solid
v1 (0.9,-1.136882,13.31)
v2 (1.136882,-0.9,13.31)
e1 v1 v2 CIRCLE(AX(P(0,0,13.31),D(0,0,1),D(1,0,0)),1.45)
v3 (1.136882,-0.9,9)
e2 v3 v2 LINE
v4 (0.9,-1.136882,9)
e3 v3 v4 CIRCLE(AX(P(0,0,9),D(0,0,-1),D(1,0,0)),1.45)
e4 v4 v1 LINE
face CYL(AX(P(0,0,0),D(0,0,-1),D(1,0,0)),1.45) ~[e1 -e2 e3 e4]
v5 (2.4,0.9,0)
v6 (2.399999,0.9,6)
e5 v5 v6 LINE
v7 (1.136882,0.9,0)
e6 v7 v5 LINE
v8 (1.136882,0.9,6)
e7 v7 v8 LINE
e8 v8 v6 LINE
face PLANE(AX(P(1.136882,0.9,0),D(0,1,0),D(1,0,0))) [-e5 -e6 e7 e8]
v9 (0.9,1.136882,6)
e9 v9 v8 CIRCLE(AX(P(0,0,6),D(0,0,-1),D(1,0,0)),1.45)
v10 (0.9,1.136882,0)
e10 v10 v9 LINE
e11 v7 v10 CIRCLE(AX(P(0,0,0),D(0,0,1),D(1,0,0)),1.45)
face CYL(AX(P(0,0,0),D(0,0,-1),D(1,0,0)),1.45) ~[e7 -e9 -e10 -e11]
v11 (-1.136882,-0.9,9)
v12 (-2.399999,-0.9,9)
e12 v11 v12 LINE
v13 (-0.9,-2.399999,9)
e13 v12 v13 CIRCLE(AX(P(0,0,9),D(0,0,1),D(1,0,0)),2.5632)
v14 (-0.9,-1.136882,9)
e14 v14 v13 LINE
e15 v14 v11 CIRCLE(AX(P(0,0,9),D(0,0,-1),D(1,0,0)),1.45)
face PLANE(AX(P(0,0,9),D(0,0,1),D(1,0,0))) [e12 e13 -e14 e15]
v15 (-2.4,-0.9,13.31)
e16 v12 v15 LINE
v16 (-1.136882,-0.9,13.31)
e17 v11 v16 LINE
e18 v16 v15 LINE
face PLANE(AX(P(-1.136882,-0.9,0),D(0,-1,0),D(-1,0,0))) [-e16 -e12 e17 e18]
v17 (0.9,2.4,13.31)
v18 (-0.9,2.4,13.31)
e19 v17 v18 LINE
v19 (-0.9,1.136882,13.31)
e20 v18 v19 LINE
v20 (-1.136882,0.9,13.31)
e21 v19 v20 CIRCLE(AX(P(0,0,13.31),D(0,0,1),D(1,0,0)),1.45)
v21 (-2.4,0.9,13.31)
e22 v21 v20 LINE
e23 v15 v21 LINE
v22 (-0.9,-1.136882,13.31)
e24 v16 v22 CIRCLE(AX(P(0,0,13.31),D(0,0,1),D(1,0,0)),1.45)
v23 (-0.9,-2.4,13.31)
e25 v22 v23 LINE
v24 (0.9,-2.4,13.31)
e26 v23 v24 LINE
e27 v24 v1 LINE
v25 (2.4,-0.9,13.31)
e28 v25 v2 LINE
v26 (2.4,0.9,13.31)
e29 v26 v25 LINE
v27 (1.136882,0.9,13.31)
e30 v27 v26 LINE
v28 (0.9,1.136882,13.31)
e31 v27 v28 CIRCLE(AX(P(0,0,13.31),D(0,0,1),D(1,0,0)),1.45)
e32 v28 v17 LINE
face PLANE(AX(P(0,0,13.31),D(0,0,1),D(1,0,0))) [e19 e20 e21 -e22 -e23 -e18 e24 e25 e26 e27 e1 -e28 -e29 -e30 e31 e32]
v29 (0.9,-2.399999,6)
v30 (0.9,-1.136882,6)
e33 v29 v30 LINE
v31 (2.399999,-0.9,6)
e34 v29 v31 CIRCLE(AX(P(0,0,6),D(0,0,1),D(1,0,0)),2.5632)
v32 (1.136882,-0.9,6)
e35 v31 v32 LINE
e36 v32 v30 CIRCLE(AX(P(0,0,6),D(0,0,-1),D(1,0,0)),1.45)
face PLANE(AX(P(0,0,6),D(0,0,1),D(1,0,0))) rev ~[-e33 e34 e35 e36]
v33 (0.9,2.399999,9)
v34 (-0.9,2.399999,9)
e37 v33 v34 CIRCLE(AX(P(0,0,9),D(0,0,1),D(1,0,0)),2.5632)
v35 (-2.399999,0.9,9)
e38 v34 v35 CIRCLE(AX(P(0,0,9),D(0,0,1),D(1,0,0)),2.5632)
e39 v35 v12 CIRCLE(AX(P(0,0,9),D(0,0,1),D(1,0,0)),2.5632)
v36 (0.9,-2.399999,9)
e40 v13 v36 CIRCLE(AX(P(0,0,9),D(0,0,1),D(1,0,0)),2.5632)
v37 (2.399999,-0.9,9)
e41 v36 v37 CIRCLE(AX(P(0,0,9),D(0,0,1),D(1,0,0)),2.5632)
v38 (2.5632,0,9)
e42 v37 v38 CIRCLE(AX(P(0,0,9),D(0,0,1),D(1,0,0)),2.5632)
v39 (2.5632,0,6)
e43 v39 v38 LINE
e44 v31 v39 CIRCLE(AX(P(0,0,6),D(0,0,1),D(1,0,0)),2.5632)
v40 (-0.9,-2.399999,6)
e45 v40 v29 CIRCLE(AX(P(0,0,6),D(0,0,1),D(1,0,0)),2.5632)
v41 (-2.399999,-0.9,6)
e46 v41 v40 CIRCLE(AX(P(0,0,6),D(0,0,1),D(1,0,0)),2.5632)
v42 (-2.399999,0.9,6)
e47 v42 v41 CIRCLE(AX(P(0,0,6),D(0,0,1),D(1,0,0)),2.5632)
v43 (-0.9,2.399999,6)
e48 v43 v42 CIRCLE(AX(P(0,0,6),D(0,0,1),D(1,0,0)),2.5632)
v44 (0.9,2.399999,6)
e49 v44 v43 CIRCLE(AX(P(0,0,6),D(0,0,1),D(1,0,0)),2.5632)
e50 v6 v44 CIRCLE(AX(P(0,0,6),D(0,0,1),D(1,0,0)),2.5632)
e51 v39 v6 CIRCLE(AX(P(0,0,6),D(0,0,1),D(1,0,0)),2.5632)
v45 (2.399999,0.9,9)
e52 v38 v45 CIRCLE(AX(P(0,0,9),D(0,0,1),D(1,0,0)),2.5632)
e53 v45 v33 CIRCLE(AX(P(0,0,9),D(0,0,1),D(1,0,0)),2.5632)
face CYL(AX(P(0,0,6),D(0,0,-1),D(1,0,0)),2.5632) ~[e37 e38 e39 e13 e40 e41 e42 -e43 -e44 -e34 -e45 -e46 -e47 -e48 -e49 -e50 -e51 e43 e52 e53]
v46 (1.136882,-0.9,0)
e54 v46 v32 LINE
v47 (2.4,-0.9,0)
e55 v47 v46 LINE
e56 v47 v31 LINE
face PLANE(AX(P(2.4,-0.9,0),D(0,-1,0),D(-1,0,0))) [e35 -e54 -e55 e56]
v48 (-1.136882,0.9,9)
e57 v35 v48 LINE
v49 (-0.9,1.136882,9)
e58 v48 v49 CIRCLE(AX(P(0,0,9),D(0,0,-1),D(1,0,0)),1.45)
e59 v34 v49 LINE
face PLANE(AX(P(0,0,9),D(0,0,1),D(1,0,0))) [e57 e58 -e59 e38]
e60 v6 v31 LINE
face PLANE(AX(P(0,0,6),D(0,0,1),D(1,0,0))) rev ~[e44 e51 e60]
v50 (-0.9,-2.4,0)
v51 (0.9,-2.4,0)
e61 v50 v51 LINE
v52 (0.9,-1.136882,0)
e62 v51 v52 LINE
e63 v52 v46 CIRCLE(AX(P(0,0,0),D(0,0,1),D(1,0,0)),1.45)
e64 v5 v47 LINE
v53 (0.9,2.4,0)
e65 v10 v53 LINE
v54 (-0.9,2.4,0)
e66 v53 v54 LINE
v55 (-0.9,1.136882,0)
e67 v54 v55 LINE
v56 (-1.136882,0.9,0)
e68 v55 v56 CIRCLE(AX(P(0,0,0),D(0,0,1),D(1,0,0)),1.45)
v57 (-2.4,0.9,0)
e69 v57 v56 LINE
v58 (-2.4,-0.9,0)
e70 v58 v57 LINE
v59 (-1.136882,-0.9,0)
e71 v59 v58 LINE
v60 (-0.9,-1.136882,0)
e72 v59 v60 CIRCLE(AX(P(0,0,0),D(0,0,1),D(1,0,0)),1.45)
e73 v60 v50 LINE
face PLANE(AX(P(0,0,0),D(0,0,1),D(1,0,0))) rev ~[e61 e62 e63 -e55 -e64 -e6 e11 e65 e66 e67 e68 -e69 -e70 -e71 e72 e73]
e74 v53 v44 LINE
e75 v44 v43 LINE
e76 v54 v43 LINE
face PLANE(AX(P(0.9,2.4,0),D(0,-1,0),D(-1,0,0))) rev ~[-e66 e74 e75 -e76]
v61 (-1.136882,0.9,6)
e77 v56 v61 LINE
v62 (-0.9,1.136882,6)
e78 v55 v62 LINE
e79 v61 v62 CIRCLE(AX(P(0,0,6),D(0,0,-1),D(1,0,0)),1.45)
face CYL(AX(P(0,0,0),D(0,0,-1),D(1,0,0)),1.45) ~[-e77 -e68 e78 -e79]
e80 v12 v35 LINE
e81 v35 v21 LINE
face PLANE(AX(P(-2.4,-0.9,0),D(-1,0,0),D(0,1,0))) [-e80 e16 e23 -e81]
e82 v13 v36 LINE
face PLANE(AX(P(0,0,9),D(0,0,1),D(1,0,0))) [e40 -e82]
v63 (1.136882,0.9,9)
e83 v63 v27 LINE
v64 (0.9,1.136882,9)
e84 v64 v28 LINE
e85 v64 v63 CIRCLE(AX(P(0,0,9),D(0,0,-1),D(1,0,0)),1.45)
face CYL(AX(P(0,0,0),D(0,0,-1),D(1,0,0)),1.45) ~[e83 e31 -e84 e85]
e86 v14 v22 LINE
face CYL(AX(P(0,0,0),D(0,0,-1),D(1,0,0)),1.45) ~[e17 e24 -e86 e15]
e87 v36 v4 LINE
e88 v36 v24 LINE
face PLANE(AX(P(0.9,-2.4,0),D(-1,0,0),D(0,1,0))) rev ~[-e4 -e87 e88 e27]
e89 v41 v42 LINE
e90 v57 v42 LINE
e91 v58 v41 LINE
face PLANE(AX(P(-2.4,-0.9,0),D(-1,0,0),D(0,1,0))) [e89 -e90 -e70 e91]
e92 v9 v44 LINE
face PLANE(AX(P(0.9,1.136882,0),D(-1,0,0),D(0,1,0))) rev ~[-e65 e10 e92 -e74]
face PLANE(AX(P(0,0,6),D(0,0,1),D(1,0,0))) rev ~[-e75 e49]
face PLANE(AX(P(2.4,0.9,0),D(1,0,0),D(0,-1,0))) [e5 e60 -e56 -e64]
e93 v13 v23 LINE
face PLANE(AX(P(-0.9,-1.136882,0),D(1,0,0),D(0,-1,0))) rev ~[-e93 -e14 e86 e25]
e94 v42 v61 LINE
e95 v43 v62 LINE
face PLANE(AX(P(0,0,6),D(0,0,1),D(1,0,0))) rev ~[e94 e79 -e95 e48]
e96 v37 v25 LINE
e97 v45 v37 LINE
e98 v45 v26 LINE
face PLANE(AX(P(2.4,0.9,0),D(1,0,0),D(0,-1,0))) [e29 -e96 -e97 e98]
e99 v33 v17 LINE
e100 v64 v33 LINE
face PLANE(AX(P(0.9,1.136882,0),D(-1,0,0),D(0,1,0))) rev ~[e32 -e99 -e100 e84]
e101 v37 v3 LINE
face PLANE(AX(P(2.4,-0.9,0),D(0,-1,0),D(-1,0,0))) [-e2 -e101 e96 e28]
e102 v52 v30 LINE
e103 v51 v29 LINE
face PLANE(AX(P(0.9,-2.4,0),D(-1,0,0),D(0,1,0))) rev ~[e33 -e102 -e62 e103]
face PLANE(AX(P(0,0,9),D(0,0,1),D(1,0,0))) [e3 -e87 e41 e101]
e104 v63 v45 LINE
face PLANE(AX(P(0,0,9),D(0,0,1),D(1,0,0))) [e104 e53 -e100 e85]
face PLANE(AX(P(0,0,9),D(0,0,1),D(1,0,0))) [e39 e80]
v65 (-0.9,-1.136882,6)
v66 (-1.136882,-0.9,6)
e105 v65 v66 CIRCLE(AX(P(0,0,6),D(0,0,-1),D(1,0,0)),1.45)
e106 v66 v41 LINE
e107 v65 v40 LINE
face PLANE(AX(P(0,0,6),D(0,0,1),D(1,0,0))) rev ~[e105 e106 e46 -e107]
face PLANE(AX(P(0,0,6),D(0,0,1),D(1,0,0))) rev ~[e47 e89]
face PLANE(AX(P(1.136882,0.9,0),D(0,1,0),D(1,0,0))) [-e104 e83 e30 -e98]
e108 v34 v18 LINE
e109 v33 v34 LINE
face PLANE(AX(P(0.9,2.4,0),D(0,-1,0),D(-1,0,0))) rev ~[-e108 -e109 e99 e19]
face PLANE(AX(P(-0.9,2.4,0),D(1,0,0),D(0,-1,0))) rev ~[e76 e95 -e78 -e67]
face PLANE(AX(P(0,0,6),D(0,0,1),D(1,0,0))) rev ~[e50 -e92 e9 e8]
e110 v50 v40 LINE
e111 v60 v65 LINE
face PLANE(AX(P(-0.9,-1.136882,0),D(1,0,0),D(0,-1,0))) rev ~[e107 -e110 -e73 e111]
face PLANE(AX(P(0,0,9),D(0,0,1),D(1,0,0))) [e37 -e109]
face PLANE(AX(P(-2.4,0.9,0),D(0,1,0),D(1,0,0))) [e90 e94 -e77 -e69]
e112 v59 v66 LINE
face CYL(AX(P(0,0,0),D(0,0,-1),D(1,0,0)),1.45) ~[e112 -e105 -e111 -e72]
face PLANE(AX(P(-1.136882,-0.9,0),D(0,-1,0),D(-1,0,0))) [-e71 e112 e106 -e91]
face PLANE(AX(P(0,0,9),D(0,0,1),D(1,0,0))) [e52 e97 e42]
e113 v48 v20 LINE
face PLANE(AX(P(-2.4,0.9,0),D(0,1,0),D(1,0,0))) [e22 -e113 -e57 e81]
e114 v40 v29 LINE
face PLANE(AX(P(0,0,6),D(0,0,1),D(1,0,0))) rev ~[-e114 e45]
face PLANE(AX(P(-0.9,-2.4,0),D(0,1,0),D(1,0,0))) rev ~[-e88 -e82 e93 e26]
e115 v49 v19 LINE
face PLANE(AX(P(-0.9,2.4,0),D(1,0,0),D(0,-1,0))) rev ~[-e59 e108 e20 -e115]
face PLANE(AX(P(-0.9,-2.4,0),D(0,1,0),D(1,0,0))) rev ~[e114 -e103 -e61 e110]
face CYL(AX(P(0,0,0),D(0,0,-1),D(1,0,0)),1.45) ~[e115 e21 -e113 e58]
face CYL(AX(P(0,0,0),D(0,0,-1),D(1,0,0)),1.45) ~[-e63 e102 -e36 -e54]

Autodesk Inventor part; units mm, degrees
ref_plane "YZ Plane" through (0, 0, 0) normal (1, 0, 0) x (0, 1, 0)
ref_plane "XZ Plane" through (0, 0, 0) normal (0, 1, 0) x (-1, 0, 0)
sketch "Boceto1" plane through (0, 0, 0) normal (0, 0, 1) x (1, 0, 0)
  line L0 (-0.9, -2.4) -> (0.9, -2.4)
  line L1 (0.9, -2.4) -> (0.9, 2.4)
  line L2 (0.9, 2.4) -> (-0.9, 2.4)
  line L3 (-0.9, 2.4) -> (-0.9, -2.4)
  line L4 (-0.9, -2.4) -> (0.9, 2.4) construction
  line L5 (0.9, -2.4) -> (-0.9, 2.4) construction
  line L6 (2.4, -0.9) -> (-2.4, -0.9)
  line L7 (-2.4, -0.9) -> (-2.4, 0.9)
  line L8 (-2.4, 0.9) -> (2.4, 0.9)
  line L9 (2.4, 0.9) -> (2.4, -0.9)
  line L10 (2.4, -0.9) -> (-2.4, 0.9) construction
  line L11 (-2.4, -0.9) -> (2.4, 0.9) construction
  circle A0 centre (0, 0) radius 1.45
  point P0 (1.1369, 0.9)
  point P1 (0.9, 1.1369)
  point P2 (-0.9, 1.1369)
  point P3 (-1.1369, 0.9)
  point P4 (-1.1369, -0.9)
  point P5 (-0.9, -1.1369)
  point P6 (0.9, -1.1369)
  point P7 (1.1369, -0.9)
  dimension "d14" = 2.9
  dimension "d15" = 1.8
  dimension "d16" = 4.8
extrude "Extrusión1" add sketch "Boceto1" along normal blind 13.31
ref_plane "Plano de trabajo1" through (0, 0, 6) normal (0, 0, 1) x (1, 0, 0)
sketch "Boceto2" plane through (0, 0, 6) normal (0, 0, 1) x (1, 0, 0)
  line L0 (2.4, 0.9) -> (1.1369, 0.9) construction
  circle A0 centre (0, 0) radius 2.5632
extrude "Extrusión2" add sketch "Boceto2" along normal blind 3
properties part number "EjeCortoGrua"
